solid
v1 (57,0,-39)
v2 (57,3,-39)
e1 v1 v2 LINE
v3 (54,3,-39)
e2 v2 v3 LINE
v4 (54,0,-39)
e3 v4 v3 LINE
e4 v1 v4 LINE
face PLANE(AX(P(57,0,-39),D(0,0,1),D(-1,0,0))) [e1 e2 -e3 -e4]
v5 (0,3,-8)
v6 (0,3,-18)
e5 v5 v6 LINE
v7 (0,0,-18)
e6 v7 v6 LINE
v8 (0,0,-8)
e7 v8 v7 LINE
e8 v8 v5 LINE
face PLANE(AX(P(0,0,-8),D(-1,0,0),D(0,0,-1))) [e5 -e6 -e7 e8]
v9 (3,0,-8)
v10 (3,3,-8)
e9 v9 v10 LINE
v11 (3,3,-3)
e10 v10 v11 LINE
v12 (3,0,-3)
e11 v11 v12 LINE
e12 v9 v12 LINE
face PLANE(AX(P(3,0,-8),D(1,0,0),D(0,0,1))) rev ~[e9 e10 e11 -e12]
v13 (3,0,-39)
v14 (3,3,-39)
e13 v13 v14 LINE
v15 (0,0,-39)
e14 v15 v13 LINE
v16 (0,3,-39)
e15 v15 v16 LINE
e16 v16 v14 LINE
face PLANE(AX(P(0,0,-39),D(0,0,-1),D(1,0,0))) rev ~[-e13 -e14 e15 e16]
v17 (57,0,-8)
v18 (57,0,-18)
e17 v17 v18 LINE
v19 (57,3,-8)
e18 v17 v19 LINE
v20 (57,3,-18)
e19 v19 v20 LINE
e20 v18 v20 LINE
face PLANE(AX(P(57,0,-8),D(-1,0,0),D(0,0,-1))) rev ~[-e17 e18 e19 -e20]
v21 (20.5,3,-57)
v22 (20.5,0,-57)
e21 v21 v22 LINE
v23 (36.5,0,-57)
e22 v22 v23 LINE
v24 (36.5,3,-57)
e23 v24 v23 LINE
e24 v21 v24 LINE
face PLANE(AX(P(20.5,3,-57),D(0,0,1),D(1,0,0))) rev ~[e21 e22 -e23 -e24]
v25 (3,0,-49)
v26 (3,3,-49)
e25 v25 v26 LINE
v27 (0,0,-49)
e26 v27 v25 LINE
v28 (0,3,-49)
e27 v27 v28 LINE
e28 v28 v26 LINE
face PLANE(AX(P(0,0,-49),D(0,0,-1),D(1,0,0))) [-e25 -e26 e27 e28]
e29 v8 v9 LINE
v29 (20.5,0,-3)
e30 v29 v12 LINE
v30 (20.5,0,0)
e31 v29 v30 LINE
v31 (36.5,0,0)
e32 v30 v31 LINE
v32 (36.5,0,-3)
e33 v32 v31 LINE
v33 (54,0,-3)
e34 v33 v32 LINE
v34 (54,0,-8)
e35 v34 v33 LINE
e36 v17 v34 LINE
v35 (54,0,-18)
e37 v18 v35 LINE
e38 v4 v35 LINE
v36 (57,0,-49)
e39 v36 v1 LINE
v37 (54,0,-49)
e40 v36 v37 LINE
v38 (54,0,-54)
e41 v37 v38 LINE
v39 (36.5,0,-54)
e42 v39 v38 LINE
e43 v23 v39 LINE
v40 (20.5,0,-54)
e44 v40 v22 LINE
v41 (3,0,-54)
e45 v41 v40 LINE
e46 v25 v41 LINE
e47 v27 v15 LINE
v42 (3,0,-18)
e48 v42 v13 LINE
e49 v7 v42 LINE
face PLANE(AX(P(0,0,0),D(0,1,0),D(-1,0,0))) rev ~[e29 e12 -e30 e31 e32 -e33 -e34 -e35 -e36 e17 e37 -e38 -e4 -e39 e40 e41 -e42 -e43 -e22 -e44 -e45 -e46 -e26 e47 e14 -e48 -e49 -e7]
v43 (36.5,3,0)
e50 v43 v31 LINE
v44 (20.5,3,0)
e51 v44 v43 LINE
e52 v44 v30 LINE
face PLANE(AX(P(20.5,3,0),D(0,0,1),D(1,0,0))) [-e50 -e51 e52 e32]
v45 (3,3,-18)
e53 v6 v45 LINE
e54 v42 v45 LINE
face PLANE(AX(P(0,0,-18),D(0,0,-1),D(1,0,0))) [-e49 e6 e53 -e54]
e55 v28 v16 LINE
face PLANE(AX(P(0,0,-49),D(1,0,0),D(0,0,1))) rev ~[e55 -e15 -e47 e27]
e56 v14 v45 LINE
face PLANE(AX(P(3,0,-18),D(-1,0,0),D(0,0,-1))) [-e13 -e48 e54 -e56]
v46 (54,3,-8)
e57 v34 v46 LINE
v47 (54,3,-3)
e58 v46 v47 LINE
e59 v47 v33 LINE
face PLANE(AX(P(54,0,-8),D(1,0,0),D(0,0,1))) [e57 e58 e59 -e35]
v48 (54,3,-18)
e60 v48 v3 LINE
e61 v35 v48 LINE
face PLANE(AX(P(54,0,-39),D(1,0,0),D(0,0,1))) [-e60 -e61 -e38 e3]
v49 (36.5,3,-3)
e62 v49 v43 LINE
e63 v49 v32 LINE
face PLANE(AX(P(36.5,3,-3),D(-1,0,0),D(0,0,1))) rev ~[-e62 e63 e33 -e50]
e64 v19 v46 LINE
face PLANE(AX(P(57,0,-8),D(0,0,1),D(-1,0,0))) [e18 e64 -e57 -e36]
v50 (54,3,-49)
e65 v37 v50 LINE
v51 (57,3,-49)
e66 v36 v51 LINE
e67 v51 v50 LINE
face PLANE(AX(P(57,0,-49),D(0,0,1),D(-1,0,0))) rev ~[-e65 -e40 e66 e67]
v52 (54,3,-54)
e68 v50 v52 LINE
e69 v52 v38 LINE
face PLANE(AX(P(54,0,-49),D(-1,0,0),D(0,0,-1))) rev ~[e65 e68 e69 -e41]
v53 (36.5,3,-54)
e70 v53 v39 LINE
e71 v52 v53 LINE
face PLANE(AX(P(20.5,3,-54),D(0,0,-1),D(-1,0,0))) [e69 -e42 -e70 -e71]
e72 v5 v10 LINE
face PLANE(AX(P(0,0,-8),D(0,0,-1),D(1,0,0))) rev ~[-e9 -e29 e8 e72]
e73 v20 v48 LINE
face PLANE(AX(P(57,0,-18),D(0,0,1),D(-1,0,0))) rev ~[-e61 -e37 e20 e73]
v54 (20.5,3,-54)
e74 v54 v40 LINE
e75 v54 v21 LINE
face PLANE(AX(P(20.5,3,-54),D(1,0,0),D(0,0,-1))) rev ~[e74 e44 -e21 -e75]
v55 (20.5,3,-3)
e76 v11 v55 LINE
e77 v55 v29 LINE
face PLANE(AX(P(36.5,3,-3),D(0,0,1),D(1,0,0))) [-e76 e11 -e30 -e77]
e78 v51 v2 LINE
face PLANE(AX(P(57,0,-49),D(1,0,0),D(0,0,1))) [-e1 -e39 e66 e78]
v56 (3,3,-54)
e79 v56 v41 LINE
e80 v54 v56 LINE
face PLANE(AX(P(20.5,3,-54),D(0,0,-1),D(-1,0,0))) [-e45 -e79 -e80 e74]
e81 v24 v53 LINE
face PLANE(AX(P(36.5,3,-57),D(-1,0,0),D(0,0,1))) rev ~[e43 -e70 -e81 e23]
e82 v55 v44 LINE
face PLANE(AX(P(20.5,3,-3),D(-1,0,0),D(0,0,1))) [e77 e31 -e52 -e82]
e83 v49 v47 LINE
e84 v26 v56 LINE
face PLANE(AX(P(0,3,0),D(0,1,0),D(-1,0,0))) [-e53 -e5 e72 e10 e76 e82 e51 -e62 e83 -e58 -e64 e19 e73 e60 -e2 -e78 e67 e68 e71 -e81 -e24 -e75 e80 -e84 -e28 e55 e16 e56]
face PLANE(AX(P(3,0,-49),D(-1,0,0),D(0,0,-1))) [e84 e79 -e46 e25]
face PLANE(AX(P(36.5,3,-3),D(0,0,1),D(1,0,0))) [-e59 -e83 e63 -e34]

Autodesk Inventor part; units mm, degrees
ref_plane "YZ Plane" through (0, 0, 0) normal (1, 0, 0) x (0, 1, 0)
ref_plane "XZ Plane" through (0, 0, 0) normal (0, 1, 0) x (-1, 0, 0)
ref_plane "XY Plane" through (0, 0, 0) normal (0, 0, 1) x (1, 0, 0)
sketch "Sketch1" plane through (0, 0, 0) normal (0, 1, 0) x (-1, 0, 0)
  line L0 (-28.5, -57) -> (-28.5, -28.5) construction
  line L1 (-28.5, -28.5) -> (-57, -28.5) construction
  line L2 (0, -49) -> (-3, -49)
  line L3 (-3, -49) -> (-3, -57)
  line L4 (0, -49) -> (0, -39)
  line L5 (0, -39) -> (-3, -39)
  line L6 (-3, -39) -> (-3, -28.5)
  line L7 (0, -8) -> (-3, -8)
  line L8 (-3, -8) -> (-3, 0)
  line L9 (0, -18) -> (-3, -18)
  line L10 (-3, -18) -> (-3, -28.5)
  line L11 (0, -8) -> (0, -18)
  line L12 (0, -39) -> (0, -49)
  line L13 (0, -49) -> (0, -39)
  line L14 (0, -18) -> (0, -8)
  line L15 (-57, -49) -> (-54, -49)
  line L16 (-54, -49) -> (-54, -57)
  line L17 (-57, -49) -> (-57, -39)
  line L18 (-57, -39) -> (-54, -39)
  line L19 (-54, -39) -> (-54, -28.5)
  line L20 (-57, -8) -> (-54, -8)
  line L21 (-54, -8) -> (-54, 0)
  line L22 (-57, -18) -> (-54, -18)
  line L23 (-54, -18) -> (-54, -28.5)
  line L24 (-57, -8) -> (-57, -18)
  line L25 (-57, -39) -> (-57, -49)
  line L26 (-57, -49) -> (-57, -39)
  line L27 (-57, -18) -> (-57, -8)
  line L28 (-57, -49) -> (-57, -39)
  line L29 (-57, -18) -> (-57, -8)
  line L30 (-28.5, -54) -> (-36.5, -54)
  line L31 (-36.5, -54) -> (-36.5, -57)
  line L32 (-28.5, -54) -> (-20.5, -54)
  line L33 (-20.5, -54) -> (-20.5, -57)
  line L34 (-3, -57) -> (-20.5, -57)
  line L35 (-36.5, -57) -> (-54, -57)
  line L36 (-28.5, -3) -> (-36.5, -3)
  line L37 (-36.5, -3) -> (-36.5, 0)
  line L38 (-20.5, -3) -> (-20.5, 0)
  line L39 (-28.5, -3) -> (-20.5, -3)
  line L40 (-54, 0) -> (-36.5, 0)
  line L41 (-20.5, 0) -> (-3, 0)
  point P0 (0, 0)
  point P1 (0, -57)
  dimension "d3" = 3
  dimension "d4" = 10
  dimension "d5" = 3
  dimension "d6" = 3
  dimension "d7" = 8
extrude "Extrusion1" add sketch "Sketch1" along normal blind 3
sketch "Sketch2" plane through (0, 3, 0) normal (0, 1, 0) x (1, 0, 0)
  line L0 (36.5, 0) -> (54, 0) projected
  line L1 (36.5, 3) -> (36.5, 0) projected
  line L2 (36.5, 0) -> (36.5, 3)
  line L3 (36.5, 3) -> (54, 3)
  line L4 (54, 0) -> (54, 8) projected
  line L5 (20.5, 0) -> (20.5, 3) projected
  line L6 (20.5, 0) -> (20.5, 3)
  line L7 (20.5, 3) -> (36.5, 3) projected
  line L8 (20.5, 3) -> (36.5, 3)
  line L9 (36.5, 3) -> (36.5, 0)
  line L10 (3, 0) -> (20.5, 0) projected
  line L11 (20.5, 0) -> (20.5, 3)
  line L12 (3, 0) -> (3, 3)
  line L13 (3, 8) -> (3, 0) projected
  line L14 (20.5, 3) -> (3, 3)
  point P0 (0, 0)
extrude "Extrusion2" cut sketch "Sketch2" against normal up to surface (3 mm away)
sketch "Sketch3" plane through (0, 3, 0) normal (0, 1, 0) x (1, 0, 0)
  line L0 (3, 3) -> (20.5, 3)
  line L1 (3, 3) -> (54, 3) projected
  line L2 (20.5, 3) -> (20.5, 0)
  line L3 (36.5, 54) -> (20.5, 54) projected
  line L4 (28.5, 54) -> (28.5, 14.4088) construction
  line L5 (54, 3) -> (36.5, 3)
  line L6 (36.5, 3) -> (36.5, 0)
  line L7 (20.5, 0) -> (36.5, 0)
  point P0 (0, 0)
  dimension "d12" = 17.5
extrude "Extrusion3" add sketch "Sketch3" against normal up to surface (3 mm away)
sketch "Sketch4" plane through (0, 3, 0) normal (0, 1, 0) x (1, 0, 0)
  line L0 (36.5, 54) -> (20.5, 54) projected
  line L1 (20.5, 54) -> (3, 54)
  line L2 (3, 57) -> (3, 49) projected
  line L3 (36.5, 57) -> (36.5, 54) projected
  line L4 (36.5, 54) -> (54, 54)
  line L5 (54, 49) -> (54, 57) projected
  line L6 (20.5, 57) -> (3, 57) projected
  line L7 (3, 54) -> (3, 57)
  line L8 (3, 57) -> (20.5, 57)
  line L9 (20.5, 57) -> (20.5, 54)
  line L10 (36.5, 57) -> (36.5, 54)
  line L11 (54, 57) -> (36.5, 57) projected
  line L12 (36.5, 57) -> (54, 57)
  line L13 (54, 57) -> (54, 54)
  point P0 (0, 0)
extrude "Extrusion4" cut sketch "Sketch4" against normal up to surface (3 mm away)
sketch "Sketch5" plane through (0, 3, 0) normal (0, 1, 0) x (1, 0, 0)
  line L0 (54, 18) -> (54, 39) projected
  line L1 (54, 28.5) -> (3, 28.5) construction
  line L2 (3, 39) -> (3, 18) projected
  line L3 (3, 3) -> (20.5, 3) projected
  line L4 (3, 3) -> (20.5, 3)
  line L5 (20.5, 3) -> (20.5, 0)
  line L6 (20.5, 0) -> (36.5, 0) projected
  line L7 (20.5, 0) -> (36.5, 0)
  line L8 (36.5, 0) -> (36.5, 3)
  line L9 (36.5, 3) -> (54, 3) projected
  line L10 (36.5, 3) -> (54, 3)
  line L11 (3, 54) -> (20.5, 54)
  line L12 (20.5, 54) -> (20.5, 57)
  line L13 (20.5, 57) -> (36.5, 57)
  line L14 (36.5, 57) -> (36.5, 54)
  line L15 (36.5, 54) -> (54, 54)
  line L16 (20.5, 54) -> (36.5, 54)
  line L17 (54, 54) -> (3, 54) projected
  point P0 (0, 0)
extrude "Extrusion5" add sketch "Sketch5" against normal up to surface (3 mm away)
properties part number "Inferior" material "LCP Plastic"
